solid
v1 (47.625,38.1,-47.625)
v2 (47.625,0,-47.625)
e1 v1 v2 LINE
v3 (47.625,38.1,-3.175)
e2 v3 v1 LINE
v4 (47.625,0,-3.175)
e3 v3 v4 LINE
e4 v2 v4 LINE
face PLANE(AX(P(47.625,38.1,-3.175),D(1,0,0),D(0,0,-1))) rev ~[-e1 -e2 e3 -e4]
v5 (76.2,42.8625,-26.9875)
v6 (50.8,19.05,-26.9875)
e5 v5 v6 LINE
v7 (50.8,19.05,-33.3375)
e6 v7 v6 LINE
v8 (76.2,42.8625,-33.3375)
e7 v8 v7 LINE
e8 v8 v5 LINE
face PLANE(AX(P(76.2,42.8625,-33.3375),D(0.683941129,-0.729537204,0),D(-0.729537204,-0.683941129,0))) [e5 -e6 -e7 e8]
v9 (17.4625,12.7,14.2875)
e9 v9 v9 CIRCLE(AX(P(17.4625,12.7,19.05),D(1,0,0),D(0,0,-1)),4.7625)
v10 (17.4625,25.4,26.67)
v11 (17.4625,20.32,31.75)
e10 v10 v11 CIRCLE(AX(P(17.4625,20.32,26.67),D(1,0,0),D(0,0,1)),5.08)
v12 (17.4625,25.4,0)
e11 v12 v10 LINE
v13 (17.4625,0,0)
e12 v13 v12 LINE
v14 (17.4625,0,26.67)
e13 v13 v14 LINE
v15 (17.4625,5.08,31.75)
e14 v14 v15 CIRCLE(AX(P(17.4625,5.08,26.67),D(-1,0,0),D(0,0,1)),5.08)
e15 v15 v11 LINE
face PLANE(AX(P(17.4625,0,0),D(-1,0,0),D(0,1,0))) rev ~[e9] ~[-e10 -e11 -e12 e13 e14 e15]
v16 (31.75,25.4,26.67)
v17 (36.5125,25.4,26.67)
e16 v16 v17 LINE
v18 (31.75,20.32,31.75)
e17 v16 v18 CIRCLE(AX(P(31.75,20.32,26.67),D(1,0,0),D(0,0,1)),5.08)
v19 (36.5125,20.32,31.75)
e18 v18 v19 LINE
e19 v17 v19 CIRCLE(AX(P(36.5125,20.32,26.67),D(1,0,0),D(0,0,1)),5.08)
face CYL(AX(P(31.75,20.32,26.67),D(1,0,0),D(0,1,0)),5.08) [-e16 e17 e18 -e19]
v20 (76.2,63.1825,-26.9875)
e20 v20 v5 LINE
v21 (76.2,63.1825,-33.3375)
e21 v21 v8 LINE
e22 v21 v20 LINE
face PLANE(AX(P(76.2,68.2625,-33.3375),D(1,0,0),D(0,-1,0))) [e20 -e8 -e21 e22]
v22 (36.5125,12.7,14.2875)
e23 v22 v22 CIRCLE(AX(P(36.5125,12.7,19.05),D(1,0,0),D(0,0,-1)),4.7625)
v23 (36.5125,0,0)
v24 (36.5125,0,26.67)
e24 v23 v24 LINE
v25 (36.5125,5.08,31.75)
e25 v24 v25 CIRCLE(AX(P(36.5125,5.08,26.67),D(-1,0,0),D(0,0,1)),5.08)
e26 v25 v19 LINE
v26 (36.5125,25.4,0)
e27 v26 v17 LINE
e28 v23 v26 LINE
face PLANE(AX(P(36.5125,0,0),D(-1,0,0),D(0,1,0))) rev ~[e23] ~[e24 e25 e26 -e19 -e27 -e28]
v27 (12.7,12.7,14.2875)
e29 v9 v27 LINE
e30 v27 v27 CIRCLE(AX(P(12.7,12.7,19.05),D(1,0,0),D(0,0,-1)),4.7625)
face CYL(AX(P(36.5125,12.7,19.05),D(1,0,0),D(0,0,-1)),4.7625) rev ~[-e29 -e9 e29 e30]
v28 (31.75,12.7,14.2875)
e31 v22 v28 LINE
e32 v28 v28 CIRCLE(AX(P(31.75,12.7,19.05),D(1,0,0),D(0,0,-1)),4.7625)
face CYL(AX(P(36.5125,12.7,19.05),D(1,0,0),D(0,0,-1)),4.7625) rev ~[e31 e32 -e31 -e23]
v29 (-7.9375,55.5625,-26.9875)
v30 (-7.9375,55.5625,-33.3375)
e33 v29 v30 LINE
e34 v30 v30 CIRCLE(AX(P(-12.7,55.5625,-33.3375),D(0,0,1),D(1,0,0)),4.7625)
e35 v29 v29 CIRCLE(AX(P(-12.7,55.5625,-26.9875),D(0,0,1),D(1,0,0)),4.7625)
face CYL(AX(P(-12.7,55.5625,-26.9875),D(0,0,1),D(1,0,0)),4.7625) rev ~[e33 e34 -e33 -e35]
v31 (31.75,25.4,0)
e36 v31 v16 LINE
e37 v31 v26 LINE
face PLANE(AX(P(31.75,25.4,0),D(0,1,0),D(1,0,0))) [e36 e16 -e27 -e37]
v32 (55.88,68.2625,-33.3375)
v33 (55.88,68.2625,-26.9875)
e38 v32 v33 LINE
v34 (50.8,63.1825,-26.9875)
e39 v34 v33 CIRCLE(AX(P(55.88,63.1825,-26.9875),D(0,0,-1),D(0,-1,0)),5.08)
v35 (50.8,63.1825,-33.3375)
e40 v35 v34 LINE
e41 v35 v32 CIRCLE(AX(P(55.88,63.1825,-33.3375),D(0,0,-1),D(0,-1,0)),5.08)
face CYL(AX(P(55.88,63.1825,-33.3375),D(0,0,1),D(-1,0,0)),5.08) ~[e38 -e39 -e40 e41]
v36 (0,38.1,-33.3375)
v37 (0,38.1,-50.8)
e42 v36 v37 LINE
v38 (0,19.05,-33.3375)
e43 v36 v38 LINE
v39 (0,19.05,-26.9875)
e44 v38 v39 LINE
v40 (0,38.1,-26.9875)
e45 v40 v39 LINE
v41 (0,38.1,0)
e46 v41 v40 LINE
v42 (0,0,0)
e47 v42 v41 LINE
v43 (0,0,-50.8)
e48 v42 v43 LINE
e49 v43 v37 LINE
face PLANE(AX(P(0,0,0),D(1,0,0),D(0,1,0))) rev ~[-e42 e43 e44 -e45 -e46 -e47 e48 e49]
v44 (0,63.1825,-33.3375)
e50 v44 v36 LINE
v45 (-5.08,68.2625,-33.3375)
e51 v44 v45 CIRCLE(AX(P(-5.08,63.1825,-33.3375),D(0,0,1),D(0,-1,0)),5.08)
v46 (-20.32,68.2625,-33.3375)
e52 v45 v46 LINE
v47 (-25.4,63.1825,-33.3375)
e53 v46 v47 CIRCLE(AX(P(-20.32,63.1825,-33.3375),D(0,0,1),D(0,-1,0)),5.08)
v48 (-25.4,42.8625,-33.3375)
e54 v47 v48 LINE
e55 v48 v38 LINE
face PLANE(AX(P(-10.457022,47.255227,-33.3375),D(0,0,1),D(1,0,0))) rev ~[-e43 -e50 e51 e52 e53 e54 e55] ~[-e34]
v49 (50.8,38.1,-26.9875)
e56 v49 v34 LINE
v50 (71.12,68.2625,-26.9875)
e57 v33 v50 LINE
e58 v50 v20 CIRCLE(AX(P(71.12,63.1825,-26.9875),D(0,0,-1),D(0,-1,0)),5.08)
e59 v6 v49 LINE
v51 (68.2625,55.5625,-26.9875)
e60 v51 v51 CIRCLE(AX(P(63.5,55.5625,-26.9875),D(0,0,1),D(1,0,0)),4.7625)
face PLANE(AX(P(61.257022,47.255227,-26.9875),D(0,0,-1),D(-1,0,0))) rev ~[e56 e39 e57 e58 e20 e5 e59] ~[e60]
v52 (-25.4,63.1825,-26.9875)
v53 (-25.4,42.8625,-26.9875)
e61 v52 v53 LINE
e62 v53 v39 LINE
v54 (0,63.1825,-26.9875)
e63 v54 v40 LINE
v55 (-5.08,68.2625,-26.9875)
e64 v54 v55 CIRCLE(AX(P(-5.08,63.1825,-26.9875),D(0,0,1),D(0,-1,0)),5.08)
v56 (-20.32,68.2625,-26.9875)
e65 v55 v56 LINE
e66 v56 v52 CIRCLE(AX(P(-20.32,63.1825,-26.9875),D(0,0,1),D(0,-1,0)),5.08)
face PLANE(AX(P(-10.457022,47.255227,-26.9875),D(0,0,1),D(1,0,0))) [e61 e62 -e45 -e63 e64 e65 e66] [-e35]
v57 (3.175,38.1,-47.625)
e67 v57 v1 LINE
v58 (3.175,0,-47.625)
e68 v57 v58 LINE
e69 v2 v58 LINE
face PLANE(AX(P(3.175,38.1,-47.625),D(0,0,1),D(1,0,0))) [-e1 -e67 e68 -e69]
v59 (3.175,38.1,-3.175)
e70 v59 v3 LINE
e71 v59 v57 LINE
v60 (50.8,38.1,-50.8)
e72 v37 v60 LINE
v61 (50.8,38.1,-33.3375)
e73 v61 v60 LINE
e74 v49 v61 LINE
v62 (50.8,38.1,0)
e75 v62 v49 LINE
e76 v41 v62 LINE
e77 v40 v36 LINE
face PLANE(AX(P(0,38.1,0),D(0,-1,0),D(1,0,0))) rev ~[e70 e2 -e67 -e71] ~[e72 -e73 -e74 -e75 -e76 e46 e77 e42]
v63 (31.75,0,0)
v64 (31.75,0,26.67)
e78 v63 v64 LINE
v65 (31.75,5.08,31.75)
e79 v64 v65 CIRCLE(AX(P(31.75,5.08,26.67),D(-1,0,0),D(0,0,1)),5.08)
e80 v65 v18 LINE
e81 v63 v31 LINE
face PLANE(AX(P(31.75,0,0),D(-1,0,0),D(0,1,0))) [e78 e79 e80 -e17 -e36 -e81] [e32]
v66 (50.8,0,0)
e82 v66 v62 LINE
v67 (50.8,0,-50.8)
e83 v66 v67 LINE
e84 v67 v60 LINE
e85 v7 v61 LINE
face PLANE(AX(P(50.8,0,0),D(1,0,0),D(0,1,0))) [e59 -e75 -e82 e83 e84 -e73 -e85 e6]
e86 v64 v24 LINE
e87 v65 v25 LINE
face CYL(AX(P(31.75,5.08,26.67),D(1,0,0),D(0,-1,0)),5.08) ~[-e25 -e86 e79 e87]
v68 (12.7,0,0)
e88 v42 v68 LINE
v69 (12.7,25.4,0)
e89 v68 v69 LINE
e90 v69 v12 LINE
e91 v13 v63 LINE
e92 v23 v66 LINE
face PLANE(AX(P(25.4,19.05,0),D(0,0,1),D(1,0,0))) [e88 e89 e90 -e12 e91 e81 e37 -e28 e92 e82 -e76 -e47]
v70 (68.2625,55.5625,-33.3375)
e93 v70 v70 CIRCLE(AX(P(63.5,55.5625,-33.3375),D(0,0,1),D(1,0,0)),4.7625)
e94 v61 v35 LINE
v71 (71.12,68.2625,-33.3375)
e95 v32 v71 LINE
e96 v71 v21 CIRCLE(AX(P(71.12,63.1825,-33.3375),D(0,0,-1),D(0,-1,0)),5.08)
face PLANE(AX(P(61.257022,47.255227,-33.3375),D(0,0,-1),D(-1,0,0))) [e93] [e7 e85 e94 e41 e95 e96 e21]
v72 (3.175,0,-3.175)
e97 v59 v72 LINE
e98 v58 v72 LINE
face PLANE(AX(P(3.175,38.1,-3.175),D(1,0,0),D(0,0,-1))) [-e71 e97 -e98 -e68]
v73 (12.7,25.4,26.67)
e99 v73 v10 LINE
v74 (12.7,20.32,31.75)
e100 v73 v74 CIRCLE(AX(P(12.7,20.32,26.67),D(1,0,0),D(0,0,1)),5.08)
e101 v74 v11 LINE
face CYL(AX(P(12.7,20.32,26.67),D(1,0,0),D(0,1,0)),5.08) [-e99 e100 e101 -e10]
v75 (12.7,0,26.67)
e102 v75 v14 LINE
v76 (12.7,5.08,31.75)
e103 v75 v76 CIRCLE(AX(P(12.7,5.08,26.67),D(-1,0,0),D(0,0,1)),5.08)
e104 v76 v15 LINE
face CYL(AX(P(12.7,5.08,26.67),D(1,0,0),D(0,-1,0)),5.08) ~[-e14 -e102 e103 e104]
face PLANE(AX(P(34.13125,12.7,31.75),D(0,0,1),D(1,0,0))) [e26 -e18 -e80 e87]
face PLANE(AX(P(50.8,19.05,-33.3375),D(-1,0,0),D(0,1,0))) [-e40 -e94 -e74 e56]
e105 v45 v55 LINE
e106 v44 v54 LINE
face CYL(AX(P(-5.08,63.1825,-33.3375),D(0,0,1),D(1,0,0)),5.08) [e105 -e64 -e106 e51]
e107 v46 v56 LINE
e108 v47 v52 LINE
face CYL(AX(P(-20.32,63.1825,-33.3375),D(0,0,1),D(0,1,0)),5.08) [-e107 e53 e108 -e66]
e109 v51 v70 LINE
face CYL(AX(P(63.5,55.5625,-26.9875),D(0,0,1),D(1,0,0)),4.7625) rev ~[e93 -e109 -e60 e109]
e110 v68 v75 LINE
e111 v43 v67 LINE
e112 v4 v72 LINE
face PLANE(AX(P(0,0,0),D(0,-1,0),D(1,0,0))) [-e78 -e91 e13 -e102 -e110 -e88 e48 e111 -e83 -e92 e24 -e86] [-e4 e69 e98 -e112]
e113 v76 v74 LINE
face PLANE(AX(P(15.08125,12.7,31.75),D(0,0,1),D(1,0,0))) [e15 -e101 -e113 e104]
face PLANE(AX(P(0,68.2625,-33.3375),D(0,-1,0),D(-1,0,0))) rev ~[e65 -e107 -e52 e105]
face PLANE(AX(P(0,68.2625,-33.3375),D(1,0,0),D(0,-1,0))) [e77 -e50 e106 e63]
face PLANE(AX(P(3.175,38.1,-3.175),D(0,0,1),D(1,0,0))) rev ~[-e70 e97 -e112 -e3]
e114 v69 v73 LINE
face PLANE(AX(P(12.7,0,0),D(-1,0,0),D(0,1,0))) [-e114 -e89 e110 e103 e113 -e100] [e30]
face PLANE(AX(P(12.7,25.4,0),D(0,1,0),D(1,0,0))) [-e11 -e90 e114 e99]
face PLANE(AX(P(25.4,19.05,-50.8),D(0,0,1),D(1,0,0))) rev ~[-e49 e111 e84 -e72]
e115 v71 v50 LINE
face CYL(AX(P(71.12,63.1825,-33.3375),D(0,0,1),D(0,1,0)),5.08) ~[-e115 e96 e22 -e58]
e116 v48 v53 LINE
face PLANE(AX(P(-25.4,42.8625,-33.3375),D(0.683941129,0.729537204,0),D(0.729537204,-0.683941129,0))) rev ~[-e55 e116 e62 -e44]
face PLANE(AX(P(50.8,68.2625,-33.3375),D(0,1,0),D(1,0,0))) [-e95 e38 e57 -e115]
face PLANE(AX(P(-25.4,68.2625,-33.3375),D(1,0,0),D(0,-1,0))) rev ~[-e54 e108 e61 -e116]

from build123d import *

# Parameters (mm, degrees)
SKETCH2_W           = 50.8
SKETCH2_H           = 38.1
BOSS_EXTRUDE1_DEPTH = 50.8
SKETCH5_W           = 44.45
SKETCH5_H           = 44.45
CUT_EXTRUDE3_DEPTH  = 82.319677815
SKETCH7_W           = 4.7625
SKETCH7_H           = 25.4
BOSS_EXTRUDE2_DEPTH = 31.75
FILLET1_R           = 5.08
SKETCH8_R           = 4.7625
CUT_EXTRUDE4_DEPTH  = 74.248977169
BOSS_EXTRUDE3_DEPTH = 6.35
SKETCH10_R          = 4.7625
CUT_EXTRUDE5_DEPTH  = 118.96738029
FILLET2_R           = 5.08


with BuildPart() as part:
    # Sketch2 → Boss-Extrude1 (new body)
    with BuildSketch(Plane.XY):
        with Locations((25.4, 19.05)):
            Rectangle(SKETCH2_W, SKETCH2_H)
    extrude(amount=-BOSS_EXTRUDE1_DEPTH)

    # Sketch5 → Cut-Extrude3 (cut, through all)
    with BuildSketch(Plane(origin=(0, 38.1, 0), x_dir=(1, 0, 0), z_dir=(0, 1, 0))):
        with Locations((25.4, 25.4)):
            Rectangle(SKETCH5_W, SKETCH5_H)
    extrude(amount=-CUT_EXTRUDE3_DEPTH, mode=Mode.SUBTRACT)

    # Sketch7 → Boss-Extrude2 (add)
    with BuildSketch(Plane.XY):
        with Locations((15.08125, 12.7)):
            Rectangle(SKETCH7_W, SKETCH7_H)
        with Locations((34.13125, 12.7)):
            Rectangle(SKETCH7_W, SKETCH7_H)
    extrude(amount=BOSS_EXTRUDE2_DEPTH)

    # Fillet1
    fillet1_edges = [part.edges().sort_by_distance(p)[0] for p in [
        (15.08125, 0, 31.75),
        (15.08125, 25.4, 31.75),
        (34.13125, 0, 31.75),
        (34.13125, 25.4, 31.75),
    ]]
    fillet(fillet1_edges, radius=FILLET1_R)

    # Sketch8 → Cut-Extrude4 (cut, through all)
    with BuildSketch(Plane(origin=(36.5125, 0, 0), x_dir=(0, 0, -1), z_dir=(1, 0, 0))):
        with Locations((-19.05, 12.7)):
            Circle(SKETCH8_R)
    extrude(amount=-CUT_EXTRUDE4_DEPTH, mode=Mode.SUBTRACT)

    # Sketch9 → Boss-Extrude3 (add)
    with BuildSketch(Plane(origin=(0, 0, -33.3375), x_dir=(-1, 0, 0), z_dir=(0, 0, -1))):
        Polygon((0, 38.1), (0, 68.2625), (25.4, 68.2625), (25.4, 42.8625), (0, 19.05), align=None)
        Polygon((-76.2, 42.8625), (-50.8, 19.05), (-50.8, 38.1), (-50.8, 68.2625), (-76.2, 68.2625), align=None)
    extrude(amount=-BOSS_EXTRUDE3_DEPTH)

    # Sketch10 → Cut-Extrude5 (cut, through all)
    with BuildSketch(Plane.XY.offset(-26.9875)):
        with Locations((-12.7, 55.5625)):
            Circle(SKETCH10_R)
        with Locations((63.5, 55.5625)):
            Circle(SKETCH10_R)
    extrude(amount=-CUT_EXTRUDE5_DEPTH, mode=Mode.SUBTRACT)

    # Fillet2
    fillet2_edges = [part.edges().sort_by_distance(p)[0] for p in [
        (76.2, 68.2625, -30.1625),
        (50.8, 68.2625, -30.1625),
        (0, 68.2625, -30.1625),
        (-25.4, 68.2625, -30.1625),
    ]]
    fillet(fillet2_edges, radius=FILLET2_R)


solid = part.part
